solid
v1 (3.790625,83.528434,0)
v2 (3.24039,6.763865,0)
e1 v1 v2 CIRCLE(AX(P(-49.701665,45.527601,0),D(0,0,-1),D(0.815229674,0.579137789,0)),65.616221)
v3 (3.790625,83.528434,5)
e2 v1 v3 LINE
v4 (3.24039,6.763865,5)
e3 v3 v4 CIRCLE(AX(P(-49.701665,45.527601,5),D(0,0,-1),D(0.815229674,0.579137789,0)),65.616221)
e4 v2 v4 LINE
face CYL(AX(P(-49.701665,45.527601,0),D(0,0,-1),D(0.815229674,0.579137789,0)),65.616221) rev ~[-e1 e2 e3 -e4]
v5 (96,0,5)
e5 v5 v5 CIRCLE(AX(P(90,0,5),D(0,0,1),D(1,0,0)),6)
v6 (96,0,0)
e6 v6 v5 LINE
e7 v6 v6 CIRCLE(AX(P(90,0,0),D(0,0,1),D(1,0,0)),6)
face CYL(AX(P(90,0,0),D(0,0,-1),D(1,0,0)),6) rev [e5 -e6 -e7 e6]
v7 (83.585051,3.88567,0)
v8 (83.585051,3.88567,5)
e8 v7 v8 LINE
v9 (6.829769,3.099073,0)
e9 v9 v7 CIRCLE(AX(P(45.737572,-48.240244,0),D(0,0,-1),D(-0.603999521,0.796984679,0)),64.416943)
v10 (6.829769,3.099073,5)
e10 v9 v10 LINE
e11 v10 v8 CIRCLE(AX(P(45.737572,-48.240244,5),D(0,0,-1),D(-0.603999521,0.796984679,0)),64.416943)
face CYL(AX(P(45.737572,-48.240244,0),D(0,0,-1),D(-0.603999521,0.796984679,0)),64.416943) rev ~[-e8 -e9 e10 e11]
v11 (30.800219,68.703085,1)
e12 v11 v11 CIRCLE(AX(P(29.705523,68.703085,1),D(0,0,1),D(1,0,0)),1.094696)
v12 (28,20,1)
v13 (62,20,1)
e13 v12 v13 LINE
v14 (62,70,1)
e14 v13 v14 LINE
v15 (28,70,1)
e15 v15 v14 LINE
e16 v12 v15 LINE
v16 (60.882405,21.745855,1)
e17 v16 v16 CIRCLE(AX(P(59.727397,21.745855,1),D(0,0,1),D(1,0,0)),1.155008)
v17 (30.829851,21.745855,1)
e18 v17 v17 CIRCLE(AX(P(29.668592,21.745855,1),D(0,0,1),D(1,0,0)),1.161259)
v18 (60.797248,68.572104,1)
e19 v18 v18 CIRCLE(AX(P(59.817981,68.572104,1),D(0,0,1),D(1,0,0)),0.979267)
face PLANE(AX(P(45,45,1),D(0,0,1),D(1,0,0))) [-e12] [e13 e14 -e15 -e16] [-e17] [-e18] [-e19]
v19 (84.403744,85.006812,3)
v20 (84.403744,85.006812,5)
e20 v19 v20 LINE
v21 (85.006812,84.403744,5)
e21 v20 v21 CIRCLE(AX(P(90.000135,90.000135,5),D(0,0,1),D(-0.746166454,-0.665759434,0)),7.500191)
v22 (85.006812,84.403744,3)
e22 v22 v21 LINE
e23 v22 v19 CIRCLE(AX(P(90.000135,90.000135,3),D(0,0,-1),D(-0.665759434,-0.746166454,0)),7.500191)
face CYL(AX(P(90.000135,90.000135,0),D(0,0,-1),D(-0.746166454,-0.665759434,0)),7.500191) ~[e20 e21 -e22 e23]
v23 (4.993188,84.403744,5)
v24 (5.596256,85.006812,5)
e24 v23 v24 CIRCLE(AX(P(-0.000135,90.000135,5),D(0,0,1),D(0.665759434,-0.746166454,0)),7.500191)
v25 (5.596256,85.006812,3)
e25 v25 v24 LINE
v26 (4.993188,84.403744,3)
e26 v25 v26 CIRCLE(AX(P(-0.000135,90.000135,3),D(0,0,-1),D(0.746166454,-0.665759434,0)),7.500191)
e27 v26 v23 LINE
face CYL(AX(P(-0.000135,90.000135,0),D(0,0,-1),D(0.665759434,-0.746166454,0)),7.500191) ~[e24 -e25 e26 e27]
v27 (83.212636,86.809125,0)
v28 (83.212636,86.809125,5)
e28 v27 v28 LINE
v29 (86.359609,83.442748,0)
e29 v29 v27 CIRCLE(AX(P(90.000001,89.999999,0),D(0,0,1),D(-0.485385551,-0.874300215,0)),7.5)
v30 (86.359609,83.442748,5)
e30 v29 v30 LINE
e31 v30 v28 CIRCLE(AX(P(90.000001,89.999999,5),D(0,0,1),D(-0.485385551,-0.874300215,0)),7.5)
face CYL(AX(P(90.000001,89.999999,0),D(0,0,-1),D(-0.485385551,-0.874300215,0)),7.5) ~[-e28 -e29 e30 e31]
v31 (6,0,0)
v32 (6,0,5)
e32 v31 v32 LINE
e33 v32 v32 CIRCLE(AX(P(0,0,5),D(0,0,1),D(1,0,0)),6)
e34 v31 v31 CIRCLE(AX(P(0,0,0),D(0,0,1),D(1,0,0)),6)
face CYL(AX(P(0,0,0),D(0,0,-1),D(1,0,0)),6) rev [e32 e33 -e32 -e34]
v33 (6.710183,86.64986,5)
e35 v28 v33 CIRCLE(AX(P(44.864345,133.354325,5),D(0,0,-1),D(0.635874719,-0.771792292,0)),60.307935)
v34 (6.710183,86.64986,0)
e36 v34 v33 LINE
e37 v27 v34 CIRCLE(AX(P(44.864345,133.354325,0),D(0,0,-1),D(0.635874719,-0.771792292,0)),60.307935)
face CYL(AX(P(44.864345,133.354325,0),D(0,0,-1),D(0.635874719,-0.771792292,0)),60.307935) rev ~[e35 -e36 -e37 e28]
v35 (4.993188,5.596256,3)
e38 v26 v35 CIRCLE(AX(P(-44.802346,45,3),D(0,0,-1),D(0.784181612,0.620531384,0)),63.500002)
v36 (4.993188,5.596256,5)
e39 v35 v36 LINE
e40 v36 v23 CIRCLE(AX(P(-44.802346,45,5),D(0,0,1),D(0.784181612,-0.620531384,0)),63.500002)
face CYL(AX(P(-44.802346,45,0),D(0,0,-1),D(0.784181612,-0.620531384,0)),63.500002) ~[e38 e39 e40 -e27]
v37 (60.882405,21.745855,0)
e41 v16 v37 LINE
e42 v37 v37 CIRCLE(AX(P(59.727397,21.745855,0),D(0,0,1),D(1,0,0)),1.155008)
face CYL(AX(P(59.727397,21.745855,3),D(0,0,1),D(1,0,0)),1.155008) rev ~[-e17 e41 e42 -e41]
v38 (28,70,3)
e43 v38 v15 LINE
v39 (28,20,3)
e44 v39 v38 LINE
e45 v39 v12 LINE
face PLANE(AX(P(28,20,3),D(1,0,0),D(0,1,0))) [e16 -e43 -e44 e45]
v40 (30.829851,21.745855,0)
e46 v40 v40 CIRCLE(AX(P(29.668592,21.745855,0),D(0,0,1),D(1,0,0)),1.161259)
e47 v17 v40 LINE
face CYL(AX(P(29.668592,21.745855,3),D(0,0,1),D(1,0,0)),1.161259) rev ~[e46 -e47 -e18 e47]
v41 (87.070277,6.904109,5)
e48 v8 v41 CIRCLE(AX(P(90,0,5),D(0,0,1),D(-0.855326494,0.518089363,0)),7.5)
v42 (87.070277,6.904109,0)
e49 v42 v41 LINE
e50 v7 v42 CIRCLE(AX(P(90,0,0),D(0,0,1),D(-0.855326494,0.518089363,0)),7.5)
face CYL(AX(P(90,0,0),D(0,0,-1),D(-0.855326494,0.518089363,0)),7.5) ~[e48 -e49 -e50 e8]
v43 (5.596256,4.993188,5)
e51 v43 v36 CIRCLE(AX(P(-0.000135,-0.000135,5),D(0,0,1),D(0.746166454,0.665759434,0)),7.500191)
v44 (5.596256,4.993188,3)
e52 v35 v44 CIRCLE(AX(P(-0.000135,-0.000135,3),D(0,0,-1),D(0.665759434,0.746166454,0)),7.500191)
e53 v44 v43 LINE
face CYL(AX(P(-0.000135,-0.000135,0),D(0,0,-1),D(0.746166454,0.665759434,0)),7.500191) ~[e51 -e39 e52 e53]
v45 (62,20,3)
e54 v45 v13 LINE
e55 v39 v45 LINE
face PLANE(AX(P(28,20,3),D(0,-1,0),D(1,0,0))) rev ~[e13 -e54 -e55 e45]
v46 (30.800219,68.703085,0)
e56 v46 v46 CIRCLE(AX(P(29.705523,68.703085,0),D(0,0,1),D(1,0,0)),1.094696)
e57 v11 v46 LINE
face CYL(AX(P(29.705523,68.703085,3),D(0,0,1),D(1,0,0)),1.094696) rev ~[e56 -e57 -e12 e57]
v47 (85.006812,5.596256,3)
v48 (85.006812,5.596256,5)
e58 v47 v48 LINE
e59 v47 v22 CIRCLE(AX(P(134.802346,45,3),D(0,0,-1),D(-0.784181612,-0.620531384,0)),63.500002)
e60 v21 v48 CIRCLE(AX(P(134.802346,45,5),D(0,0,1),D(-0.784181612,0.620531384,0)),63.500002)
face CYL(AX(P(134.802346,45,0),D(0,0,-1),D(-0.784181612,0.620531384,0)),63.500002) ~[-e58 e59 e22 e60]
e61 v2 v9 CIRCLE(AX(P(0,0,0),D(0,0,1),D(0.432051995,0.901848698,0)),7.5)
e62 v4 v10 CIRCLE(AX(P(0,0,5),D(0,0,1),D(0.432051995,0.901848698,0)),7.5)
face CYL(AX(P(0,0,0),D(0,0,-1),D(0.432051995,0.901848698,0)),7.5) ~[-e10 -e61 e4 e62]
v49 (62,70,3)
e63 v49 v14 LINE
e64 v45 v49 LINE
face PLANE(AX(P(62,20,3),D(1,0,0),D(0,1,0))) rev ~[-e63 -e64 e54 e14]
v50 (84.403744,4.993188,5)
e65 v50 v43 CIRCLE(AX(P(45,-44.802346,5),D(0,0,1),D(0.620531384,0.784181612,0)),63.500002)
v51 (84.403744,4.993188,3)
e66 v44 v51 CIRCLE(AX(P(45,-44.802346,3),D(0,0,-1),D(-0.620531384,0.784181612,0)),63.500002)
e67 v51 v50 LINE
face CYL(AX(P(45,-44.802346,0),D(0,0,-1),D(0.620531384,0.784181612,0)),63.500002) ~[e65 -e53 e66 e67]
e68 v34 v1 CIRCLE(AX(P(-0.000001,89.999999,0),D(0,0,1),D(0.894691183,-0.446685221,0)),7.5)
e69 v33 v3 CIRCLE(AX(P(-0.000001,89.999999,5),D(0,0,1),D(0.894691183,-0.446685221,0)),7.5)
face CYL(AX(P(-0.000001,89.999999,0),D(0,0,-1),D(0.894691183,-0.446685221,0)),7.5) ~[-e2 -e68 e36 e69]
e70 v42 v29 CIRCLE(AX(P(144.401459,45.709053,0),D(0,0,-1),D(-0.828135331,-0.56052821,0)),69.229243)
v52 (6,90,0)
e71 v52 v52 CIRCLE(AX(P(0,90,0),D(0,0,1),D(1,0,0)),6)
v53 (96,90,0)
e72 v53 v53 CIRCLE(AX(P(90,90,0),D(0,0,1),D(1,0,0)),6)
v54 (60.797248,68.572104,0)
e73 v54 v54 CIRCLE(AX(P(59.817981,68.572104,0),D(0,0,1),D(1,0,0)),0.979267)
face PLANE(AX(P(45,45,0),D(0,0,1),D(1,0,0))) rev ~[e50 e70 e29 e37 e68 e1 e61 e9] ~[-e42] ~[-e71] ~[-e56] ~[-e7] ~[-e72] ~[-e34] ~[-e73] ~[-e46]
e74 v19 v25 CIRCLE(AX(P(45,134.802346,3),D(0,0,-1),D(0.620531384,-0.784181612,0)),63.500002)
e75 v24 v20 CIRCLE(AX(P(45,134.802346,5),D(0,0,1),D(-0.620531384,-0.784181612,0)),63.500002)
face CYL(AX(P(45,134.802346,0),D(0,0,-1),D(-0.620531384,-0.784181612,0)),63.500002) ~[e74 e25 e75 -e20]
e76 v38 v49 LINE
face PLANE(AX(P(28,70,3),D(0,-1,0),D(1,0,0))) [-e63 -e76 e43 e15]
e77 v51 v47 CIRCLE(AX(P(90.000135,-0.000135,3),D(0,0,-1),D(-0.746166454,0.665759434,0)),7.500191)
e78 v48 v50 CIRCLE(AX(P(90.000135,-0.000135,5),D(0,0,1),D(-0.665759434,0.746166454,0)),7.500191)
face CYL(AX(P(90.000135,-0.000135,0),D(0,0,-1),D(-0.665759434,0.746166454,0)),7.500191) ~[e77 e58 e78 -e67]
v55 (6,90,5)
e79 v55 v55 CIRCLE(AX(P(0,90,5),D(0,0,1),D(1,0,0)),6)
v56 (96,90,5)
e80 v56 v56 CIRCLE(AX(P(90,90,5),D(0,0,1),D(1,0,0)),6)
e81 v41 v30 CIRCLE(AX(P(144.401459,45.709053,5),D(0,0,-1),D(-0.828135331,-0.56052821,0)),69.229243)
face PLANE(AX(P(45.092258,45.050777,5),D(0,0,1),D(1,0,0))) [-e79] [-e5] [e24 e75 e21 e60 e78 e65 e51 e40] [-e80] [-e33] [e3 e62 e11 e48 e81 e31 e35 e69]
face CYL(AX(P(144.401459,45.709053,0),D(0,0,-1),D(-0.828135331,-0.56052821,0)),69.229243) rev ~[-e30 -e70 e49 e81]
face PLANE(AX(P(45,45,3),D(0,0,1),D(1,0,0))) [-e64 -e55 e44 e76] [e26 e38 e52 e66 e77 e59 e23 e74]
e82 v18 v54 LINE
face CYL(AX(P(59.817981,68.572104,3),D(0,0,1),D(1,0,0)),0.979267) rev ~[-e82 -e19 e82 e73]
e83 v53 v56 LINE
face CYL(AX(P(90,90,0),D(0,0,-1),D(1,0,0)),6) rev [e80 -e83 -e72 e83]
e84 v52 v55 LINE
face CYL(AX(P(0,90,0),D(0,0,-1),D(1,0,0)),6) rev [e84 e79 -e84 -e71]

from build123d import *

# Parameters (mm, degrees)
F0_R     = 6
F1_DEPTH = 5
F2_DEPTH = 3
F3_W     = 34
F3_H     = 50
F4_DEPTH = 2
F5_R     = 1.155008
F5_R_2   = 1.094696
F5_R_3   = 1.161259
F5_R_4   = 0.979267
F6_DEPTH = 3.001


with BuildPart() as f1:
    # F0 (on Top) → F1 (new body)
    with BuildSketch(Plane.XY):
        with BuildLine():
            ThreePointArc((83.212636, 86.809125), (44.989895, 73.04652), (6.710183, 86.64986))
            ThreePointArc((6.710183, 86.64986), (-5.47746, 95.123225), (3.790625, 83.528434))
            ThreePointArc((3.790625, 83.528434), (15.91287, 45.057288), (3.24039, 6.763865))
            ThreePointArc((3.24039, 6.763865), (-5.358143, -5.247885), (6.829769, 3.099073))
            ThreePointArc((6.829769, 3.099073), (45.077454, 16.173317), (83.585051, 3.88567))
            ThreePointArc((83.585051, 3.88567), (94.910037, -5.66935), (87.070277, 6.904109))
            ThreePointArc((87.070277, 6.904109), (75.1752, 45.066281), (86.359609, 83.442748))
            ThreePointArc((86.359609, 83.442748), (95.478836, 95.121753), (83.212636, 86.809125))
        make_face()
        Circle(F0_R, mode=Mode.SUBTRACT)
        with Locations((90, 0)):
            Circle(F0_R, mode=Mode.SUBTRACT)
        with BuildLine():
            ThreePointArc((85.006812, 84.403744), (71.302344, 45), (85.006812, 5.596256))
            ThreePointArc((85.006812, 5.596256), (84.696699, 5.303301), (84.403744, 4.993188))
            ThreePointArc((84.403744, 4.993188), (45, 18.697656), (5.596256, 4.993188))
            ThreePointArc((5.596256, 4.993188), (5.303301, 5.303301), (4.993188, 5.596256))
            ThreePointArc((4.993188, 5.596256), (18.697656, 45), (4.993188, 84.403744))
            ThreePointArc((4.993188, 84.403744), (5.303301, 84.696699), (5.596256, 85.006812))
            ThreePointArc((5.596256, 85.006812), (45, 71.302344), (84.403744, 85.006812))
            ThreePointArc((84.403744, 85.006812), (84.696699, 84.696699), (85.006812, 84.403744))
        make_face(mode=Mode.SUBTRACT)
        with Locations((0, 90)):
            Circle(F0_R, mode=Mode.SUBTRACT)
        with Locations((90, 90)):
            Circle(F0_R, mode=Mode.SUBTRACT)
    extrude(amount=F1_DEPTH)

    # F0 (on Top) → F2 (join)
    with BuildSketch(Plane.XY):
        with BuildLine():
            ThreePointArc((84.403744, 4.993188), (84.696699, 5.303301), (85.006812, 5.596256))
            ThreePointArc((85.006812, 5.596256), (71.302344, 45), (85.006812, 84.403744))
            ThreePointArc((85.006812, 84.403744), (84.696699, 84.696699), (84.403744, 85.006812))
            ThreePointArc((84.403744, 85.006812), (45, 71.302344), (5.596256, 85.006812))
            ThreePointArc((5.596256, 85.006812), (5.303301, 84.696699), (4.993188, 84.403744))
            ThreePointArc((4.993188, 84.403744), (18.697656, 45), (4.993188, 5.596256))
            ThreePointArc((4.993188, 5.596256), (5.303301, 5.303301), (5.596256, 4.993188))
            ThreePointArc((5.596256, 4.993188), (45, 18.697656), (84.403744, 4.993188))
        make_face()
    extrude(amount=F2_DEPTH)

    # F3 (on face) → F4 (cut)
    with BuildSketch(Plane.XY.offset(3)):
        with Locations((45, 45)):
            Rectangle(F3_W, F3_H)
    extrude(amount=-F4_DEPTH, mode=Mode.SUBTRACT)

    # F5 (on face) → F6 (cut, through all)
    with BuildSketch(Plane.XY.offset(3)):
        with Locations((59.727397, 21.745855)):
            Circle(F5_R)
        with Locations((29.705523, 68.703085)):
            Circle(F5_R_2)
        with Locations((29.668592, 21.745855)):
            Circle(F5_R_3)
        with Locations((59.817981, 68.572104)):
            Circle(F5_R_4)
    extrude(amount=-F6_DEPTH, mode=Mode.SUBTRACT)


solid = f1.part
